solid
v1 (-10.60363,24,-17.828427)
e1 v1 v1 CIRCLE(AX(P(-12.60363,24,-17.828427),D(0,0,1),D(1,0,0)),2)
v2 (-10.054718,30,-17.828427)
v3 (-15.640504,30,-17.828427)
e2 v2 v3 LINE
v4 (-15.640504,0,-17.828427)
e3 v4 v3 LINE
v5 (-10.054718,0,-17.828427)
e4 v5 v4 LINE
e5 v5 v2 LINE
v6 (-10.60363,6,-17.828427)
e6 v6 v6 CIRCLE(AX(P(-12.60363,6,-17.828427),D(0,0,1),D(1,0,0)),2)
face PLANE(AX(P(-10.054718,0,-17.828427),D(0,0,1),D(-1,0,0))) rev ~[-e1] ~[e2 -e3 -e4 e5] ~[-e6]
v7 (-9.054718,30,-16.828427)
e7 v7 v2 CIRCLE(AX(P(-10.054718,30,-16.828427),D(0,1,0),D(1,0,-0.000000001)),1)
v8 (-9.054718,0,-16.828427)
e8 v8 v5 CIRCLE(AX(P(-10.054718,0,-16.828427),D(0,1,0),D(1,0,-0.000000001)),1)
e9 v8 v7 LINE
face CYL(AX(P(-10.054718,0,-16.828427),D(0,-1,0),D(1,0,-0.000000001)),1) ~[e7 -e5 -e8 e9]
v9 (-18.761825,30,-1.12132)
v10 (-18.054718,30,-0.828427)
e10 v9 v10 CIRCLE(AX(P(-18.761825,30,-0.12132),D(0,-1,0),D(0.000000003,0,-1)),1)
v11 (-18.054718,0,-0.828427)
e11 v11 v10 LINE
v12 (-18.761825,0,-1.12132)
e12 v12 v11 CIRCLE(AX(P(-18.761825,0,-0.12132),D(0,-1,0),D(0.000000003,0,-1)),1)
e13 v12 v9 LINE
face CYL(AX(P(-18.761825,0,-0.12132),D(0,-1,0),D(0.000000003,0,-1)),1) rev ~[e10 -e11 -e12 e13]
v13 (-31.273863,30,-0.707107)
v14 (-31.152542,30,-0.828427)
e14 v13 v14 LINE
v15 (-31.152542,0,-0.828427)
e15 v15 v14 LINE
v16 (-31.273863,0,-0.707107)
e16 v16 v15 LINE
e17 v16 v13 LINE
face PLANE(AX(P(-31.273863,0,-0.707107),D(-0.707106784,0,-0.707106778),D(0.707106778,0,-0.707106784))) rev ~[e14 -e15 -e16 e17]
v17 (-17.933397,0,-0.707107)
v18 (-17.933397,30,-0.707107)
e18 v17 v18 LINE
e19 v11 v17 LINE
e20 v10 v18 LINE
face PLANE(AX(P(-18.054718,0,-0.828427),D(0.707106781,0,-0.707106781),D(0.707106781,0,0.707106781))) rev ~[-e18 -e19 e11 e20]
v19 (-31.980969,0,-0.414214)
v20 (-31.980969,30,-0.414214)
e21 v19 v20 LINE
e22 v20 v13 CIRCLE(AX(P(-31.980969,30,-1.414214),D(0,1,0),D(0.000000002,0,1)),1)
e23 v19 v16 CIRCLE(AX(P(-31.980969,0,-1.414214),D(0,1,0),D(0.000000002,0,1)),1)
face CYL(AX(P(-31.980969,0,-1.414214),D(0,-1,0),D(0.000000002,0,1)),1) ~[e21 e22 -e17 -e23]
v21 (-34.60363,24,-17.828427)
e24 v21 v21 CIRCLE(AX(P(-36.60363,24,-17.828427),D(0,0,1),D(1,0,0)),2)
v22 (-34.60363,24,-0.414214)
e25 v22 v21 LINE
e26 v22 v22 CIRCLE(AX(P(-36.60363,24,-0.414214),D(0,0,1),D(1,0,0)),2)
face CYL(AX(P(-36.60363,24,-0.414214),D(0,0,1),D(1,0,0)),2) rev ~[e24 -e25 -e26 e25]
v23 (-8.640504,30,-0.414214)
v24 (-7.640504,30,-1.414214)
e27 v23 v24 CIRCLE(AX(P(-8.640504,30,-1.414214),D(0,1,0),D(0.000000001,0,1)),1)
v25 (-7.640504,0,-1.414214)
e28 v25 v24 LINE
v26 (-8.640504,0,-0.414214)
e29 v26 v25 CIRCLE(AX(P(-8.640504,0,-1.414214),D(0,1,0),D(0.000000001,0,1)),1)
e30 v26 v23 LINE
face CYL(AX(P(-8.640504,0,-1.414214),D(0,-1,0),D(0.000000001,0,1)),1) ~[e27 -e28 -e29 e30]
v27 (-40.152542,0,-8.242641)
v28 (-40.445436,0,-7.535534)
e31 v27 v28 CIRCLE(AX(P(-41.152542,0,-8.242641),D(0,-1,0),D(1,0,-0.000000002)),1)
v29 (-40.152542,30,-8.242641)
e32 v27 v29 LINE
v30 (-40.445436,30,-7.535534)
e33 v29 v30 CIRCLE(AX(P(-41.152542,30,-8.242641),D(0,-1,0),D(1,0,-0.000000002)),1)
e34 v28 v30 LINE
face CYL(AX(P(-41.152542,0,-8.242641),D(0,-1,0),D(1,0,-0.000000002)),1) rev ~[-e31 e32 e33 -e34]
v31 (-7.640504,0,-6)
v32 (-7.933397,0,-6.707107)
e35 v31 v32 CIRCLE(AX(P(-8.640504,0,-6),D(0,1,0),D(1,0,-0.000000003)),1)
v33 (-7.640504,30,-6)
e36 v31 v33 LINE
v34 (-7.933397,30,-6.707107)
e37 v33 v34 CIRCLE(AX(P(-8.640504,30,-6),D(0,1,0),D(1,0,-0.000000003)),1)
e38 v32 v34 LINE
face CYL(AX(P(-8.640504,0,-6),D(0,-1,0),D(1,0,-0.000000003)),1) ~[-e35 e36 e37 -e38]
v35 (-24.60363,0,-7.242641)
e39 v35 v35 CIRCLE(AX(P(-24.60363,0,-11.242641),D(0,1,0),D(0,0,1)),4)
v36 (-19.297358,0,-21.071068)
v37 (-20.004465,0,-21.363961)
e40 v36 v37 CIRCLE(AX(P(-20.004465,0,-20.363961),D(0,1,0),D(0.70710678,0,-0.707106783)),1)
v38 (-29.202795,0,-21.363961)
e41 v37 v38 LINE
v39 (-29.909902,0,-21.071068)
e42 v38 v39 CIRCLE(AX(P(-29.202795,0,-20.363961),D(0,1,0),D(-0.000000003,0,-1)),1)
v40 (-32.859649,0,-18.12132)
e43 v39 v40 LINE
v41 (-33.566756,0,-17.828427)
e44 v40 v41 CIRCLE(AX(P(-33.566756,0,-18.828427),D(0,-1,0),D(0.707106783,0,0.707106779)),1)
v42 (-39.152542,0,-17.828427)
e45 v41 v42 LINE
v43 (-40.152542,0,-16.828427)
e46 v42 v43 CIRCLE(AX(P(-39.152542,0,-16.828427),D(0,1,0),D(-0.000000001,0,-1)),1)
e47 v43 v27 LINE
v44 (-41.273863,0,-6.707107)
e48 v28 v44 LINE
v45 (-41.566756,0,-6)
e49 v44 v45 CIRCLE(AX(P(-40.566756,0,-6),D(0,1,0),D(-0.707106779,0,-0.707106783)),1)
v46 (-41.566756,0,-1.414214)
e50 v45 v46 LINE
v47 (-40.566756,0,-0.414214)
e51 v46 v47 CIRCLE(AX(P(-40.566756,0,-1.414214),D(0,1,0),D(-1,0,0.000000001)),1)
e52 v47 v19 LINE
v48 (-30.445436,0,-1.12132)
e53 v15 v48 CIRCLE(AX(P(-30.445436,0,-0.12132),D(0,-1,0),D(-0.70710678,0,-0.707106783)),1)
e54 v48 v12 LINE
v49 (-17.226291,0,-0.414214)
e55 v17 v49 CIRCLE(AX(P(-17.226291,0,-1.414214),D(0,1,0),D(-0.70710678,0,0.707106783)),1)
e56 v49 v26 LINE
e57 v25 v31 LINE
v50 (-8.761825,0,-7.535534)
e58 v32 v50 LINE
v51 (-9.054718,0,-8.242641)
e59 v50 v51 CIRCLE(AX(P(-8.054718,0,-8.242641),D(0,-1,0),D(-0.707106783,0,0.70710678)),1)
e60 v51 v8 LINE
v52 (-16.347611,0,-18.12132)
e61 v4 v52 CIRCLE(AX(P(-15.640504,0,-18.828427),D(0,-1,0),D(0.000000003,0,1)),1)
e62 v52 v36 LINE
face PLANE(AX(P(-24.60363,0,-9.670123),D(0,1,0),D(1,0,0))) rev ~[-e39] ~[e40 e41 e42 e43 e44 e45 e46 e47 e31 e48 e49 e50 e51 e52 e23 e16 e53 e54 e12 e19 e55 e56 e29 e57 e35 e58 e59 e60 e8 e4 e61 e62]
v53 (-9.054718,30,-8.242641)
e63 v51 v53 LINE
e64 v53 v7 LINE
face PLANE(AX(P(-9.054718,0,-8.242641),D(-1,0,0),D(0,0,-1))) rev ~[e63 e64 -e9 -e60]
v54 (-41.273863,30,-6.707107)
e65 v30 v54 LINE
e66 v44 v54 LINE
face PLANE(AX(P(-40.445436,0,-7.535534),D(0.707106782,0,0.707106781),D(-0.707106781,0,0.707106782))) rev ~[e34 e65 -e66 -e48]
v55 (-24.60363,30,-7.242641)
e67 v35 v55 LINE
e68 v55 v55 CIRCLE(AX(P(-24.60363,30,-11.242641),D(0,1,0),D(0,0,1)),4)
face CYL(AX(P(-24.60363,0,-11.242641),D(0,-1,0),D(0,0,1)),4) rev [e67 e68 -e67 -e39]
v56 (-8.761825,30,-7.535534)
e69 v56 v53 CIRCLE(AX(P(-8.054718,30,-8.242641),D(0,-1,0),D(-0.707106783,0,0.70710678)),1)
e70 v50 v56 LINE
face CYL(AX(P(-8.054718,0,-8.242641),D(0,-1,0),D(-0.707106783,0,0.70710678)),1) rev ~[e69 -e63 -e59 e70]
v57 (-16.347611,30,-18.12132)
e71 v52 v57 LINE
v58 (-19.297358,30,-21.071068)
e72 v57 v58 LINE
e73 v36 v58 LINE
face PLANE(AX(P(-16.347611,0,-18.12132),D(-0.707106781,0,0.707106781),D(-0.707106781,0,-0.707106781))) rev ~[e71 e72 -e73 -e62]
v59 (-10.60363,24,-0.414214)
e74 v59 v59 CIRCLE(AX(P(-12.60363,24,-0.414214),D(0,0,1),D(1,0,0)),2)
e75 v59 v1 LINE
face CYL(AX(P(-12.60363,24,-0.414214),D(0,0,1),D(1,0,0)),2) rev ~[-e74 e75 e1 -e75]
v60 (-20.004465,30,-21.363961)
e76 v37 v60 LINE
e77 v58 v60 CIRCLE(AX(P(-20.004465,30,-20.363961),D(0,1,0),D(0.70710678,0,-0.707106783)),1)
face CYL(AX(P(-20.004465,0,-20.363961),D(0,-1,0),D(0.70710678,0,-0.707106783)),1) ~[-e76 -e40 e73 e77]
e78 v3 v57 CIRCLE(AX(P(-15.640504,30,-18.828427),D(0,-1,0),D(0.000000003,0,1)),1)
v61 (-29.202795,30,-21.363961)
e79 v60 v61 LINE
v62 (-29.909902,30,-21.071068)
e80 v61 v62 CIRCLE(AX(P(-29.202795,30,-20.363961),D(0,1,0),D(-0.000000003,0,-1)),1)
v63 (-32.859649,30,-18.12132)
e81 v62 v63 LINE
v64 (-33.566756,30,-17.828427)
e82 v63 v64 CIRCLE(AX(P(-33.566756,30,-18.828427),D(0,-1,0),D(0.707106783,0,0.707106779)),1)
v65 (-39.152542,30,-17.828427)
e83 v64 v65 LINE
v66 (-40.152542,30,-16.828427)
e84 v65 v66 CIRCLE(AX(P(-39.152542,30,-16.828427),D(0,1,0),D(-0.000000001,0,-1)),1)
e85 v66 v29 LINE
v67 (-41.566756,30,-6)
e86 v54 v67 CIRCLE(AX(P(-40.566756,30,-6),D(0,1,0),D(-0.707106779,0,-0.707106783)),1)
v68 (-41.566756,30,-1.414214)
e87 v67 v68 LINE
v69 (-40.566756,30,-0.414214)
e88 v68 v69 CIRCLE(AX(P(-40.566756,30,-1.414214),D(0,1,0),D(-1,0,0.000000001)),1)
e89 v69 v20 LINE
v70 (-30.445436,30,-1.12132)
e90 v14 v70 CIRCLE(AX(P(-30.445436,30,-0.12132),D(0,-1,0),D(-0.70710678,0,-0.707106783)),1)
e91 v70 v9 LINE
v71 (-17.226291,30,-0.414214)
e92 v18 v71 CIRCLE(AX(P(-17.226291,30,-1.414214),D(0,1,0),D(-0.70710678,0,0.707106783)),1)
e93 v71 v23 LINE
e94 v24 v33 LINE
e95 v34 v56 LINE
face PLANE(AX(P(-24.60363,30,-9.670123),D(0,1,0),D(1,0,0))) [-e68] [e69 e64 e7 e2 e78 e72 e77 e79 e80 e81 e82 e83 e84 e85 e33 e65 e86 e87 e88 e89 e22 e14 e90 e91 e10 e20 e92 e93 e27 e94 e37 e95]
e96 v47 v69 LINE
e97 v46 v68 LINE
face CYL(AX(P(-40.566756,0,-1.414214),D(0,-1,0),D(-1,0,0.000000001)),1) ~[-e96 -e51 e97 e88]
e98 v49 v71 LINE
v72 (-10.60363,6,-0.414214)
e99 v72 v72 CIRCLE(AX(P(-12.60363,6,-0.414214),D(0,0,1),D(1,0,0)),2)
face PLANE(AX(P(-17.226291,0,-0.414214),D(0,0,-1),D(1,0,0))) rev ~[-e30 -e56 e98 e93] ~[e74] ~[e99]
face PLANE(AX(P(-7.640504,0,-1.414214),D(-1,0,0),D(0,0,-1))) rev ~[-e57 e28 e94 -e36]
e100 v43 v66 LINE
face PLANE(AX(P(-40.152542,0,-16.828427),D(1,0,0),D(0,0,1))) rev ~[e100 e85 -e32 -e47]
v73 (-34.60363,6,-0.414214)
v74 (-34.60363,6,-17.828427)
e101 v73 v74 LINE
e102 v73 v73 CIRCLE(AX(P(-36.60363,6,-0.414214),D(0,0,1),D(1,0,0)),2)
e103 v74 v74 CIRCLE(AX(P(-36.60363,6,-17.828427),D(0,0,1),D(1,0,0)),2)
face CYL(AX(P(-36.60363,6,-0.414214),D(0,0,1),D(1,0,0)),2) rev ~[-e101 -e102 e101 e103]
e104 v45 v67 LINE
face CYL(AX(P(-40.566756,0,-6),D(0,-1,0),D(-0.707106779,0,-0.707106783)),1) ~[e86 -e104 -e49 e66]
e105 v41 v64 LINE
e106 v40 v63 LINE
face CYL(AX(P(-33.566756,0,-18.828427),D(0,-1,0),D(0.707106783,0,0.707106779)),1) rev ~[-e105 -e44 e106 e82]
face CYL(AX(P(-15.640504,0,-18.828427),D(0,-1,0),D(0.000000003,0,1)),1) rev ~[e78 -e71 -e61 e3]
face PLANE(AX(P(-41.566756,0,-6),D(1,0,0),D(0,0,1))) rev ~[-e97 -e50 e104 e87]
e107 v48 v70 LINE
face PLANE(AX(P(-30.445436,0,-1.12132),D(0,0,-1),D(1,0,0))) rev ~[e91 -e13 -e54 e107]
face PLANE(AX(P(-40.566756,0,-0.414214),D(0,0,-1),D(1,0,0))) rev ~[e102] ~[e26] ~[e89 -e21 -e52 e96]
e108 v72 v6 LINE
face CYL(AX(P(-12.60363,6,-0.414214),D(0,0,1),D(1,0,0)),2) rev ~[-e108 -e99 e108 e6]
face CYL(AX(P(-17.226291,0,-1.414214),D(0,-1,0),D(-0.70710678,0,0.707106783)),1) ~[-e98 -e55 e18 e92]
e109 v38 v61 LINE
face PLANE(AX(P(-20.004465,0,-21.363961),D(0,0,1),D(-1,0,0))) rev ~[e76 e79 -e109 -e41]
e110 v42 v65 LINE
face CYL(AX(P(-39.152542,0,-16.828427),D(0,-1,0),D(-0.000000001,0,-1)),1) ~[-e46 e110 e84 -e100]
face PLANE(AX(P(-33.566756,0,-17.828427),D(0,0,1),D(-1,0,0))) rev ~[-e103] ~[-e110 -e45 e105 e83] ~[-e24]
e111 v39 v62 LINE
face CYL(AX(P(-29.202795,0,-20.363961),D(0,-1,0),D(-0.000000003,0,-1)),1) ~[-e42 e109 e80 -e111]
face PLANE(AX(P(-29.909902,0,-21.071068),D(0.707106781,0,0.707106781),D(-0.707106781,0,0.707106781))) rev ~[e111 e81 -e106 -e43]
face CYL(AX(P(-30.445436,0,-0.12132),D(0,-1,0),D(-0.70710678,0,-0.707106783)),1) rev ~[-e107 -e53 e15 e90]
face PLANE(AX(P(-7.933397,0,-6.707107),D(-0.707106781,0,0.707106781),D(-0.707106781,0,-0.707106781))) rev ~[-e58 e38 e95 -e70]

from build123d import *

# Parameters (mm, degrees)
SKETCH_1_R          = 4
EXTRUDE_1_DEPTH     = 30
SKETCH_3_R          = 2
CUT_EXTRUDE_1_DEPTH = 100


with BuildPart() as part:
    # 草图1 → 凸台-拉伸1 (new body)
    with BuildSketch(Plane(origin=(0, 0, 0), x_dir=(1, 0, 0), z_dir=(0, 1, 0))):
        with BuildLine():
            Line((-40.566755923, 0.414213562), (-31.980969486, 0.414213562))
            ThreePointArc((-31.980969486, 0.414213562), (-31.598286053, 0.49033403), (-31.273862704, 0.707106781))
            Line((-31.273862704, 0.707106781), (-31.152542361, 0.828427125))
            ThreePointArc((-31.152542361, 0.828427125), (-30.828119012, 1.045199876), (-30.44543558, 1.121320344))
            Line((-30.44543558, 1.121320344), (-18.761824504, 1.121320344))
            ThreePointArc((-18.761824504, 1.121320344), (-18.379141072, 1.045199876), (-18.054717723, 0.828427125))
            Line((-18.054717723, 0.828427125), (-17.933397379, 0.707106781))
            ThreePointArc((-17.933397379, 0.707106781), (-17.60897403, 0.49033403), (-17.226290598, 0.414213562))
            Line((-17.226290598, 0.414213562), (-8.64050416, 0.414213562))
            ThreePointArc((-8.64050416, 0.414213562), (-7.933397379, 0.707106781), (-7.64050416, 1.414213562))
            Line((-7.64050416, 1.414213562), (-7.64050416, 6))
            ThreePointArc((-7.64050416, 6), (-7.716624628, 6.382683432), (-7.933397379, 6.707106781))
            Line((-7.933397379, 6.707106781), (-8.761824504, 7.535533906))
            ThreePointArc((-8.761824504, 7.535533906), (-8.978597255, 7.859957255), (-9.054717723, 8.242640687))
            Line((-9.054717723, 8.242640687), (-9.054717723, 16.828427125))
            ThreePointArc((-9.054717723, 16.828427125), (-9.347610942, 17.535533906), (-10.054717723, 17.828427125))
            Line((-10.054717723, 17.828427125), (-15.64050416, 17.828427125))
            ThreePointArc((-15.64050416, 17.828427125), (-16.023187593, 17.904547592), (-16.347610942, 18.121320344))
            Line((-16.347610942, 18.121320344), (-19.29735841, 21.071067812))
            ThreePointArc((-19.29735841, 21.071067812), (-19.621781759, 21.287840563), (-20.004465191, 21.363961031))
            Line((-20.004465191, 21.363961031), (-29.202794893, 21.363961031))
            ThreePointArc((-29.202794893, 21.363961031), (-29.585478325, 21.287840563), (-29.909901674, 21.071067812))
            Line((-29.909901674, 21.071067812), (-32.859649142, 18.121320344))
            ThreePointArc((-32.859649142, 18.121320344), (-33.184072491, 17.904547592), (-33.566755923, 17.828427125))
            Line((-33.566755923, 17.828427125), (-39.152542361, 17.828427125))
            ThreePointArc((-39.152542361, 17.828427125), (-39.859649142, 17.535533906), (-40.152542361, 16.828427125))
            Line((-40.152542361, 16.828427125), (-40.152542361, 8.242640687))
            ThreePointArc((-40.152542361, 8.242640687), (-40.228662828, 7.859957255), (-40.44543558, 7.535533906))
            Line((-40.44543558, 7.535533906), (-41.273862704, 6.707106781))
            ThreePointArc((-41.273862704, 6.707106781), (-41.490635456, 6.382683432), (-41.566755923, 6))
            Line((-41.566755923, 6), (-41.566755923, 1.414213562))
            ThreePointArc((-41.566755923, 1.414213562), (-41.273862704, 0.707106781), (-40.566755923, 0.414213562))
        make_face()
        with Locations(Location((-24.603630042, 11.242640687, 0), (0, 0, 270))):
            Circle(SKETCH_1_R, mode=Mode.SUBTRACT)
    extrude(amount=EXTRUDE_1_DEPTH)

    # 草图3 → 切除-拉伸1 (cut)
    with BuildSketch(Plane.XY.offset(-0.414213562)):
        with Locations((-12.603630042, 6)):
            Circle(SKETCH_3_R)
        with Locations((-36.603630042, 6)):
            Circle(SKETCH_3_R)
        with Locations((-36.603630042, 24)):
            Circle(SKETCH_3_R)
        with Locations((-12.603630042, 24)):
            Circle(SKETCH_3_R)
    extrude(amount=-CUT_EXTRUDE_1_DEPTH, mode=Mode.SUBTRACT)


solid = part.part
